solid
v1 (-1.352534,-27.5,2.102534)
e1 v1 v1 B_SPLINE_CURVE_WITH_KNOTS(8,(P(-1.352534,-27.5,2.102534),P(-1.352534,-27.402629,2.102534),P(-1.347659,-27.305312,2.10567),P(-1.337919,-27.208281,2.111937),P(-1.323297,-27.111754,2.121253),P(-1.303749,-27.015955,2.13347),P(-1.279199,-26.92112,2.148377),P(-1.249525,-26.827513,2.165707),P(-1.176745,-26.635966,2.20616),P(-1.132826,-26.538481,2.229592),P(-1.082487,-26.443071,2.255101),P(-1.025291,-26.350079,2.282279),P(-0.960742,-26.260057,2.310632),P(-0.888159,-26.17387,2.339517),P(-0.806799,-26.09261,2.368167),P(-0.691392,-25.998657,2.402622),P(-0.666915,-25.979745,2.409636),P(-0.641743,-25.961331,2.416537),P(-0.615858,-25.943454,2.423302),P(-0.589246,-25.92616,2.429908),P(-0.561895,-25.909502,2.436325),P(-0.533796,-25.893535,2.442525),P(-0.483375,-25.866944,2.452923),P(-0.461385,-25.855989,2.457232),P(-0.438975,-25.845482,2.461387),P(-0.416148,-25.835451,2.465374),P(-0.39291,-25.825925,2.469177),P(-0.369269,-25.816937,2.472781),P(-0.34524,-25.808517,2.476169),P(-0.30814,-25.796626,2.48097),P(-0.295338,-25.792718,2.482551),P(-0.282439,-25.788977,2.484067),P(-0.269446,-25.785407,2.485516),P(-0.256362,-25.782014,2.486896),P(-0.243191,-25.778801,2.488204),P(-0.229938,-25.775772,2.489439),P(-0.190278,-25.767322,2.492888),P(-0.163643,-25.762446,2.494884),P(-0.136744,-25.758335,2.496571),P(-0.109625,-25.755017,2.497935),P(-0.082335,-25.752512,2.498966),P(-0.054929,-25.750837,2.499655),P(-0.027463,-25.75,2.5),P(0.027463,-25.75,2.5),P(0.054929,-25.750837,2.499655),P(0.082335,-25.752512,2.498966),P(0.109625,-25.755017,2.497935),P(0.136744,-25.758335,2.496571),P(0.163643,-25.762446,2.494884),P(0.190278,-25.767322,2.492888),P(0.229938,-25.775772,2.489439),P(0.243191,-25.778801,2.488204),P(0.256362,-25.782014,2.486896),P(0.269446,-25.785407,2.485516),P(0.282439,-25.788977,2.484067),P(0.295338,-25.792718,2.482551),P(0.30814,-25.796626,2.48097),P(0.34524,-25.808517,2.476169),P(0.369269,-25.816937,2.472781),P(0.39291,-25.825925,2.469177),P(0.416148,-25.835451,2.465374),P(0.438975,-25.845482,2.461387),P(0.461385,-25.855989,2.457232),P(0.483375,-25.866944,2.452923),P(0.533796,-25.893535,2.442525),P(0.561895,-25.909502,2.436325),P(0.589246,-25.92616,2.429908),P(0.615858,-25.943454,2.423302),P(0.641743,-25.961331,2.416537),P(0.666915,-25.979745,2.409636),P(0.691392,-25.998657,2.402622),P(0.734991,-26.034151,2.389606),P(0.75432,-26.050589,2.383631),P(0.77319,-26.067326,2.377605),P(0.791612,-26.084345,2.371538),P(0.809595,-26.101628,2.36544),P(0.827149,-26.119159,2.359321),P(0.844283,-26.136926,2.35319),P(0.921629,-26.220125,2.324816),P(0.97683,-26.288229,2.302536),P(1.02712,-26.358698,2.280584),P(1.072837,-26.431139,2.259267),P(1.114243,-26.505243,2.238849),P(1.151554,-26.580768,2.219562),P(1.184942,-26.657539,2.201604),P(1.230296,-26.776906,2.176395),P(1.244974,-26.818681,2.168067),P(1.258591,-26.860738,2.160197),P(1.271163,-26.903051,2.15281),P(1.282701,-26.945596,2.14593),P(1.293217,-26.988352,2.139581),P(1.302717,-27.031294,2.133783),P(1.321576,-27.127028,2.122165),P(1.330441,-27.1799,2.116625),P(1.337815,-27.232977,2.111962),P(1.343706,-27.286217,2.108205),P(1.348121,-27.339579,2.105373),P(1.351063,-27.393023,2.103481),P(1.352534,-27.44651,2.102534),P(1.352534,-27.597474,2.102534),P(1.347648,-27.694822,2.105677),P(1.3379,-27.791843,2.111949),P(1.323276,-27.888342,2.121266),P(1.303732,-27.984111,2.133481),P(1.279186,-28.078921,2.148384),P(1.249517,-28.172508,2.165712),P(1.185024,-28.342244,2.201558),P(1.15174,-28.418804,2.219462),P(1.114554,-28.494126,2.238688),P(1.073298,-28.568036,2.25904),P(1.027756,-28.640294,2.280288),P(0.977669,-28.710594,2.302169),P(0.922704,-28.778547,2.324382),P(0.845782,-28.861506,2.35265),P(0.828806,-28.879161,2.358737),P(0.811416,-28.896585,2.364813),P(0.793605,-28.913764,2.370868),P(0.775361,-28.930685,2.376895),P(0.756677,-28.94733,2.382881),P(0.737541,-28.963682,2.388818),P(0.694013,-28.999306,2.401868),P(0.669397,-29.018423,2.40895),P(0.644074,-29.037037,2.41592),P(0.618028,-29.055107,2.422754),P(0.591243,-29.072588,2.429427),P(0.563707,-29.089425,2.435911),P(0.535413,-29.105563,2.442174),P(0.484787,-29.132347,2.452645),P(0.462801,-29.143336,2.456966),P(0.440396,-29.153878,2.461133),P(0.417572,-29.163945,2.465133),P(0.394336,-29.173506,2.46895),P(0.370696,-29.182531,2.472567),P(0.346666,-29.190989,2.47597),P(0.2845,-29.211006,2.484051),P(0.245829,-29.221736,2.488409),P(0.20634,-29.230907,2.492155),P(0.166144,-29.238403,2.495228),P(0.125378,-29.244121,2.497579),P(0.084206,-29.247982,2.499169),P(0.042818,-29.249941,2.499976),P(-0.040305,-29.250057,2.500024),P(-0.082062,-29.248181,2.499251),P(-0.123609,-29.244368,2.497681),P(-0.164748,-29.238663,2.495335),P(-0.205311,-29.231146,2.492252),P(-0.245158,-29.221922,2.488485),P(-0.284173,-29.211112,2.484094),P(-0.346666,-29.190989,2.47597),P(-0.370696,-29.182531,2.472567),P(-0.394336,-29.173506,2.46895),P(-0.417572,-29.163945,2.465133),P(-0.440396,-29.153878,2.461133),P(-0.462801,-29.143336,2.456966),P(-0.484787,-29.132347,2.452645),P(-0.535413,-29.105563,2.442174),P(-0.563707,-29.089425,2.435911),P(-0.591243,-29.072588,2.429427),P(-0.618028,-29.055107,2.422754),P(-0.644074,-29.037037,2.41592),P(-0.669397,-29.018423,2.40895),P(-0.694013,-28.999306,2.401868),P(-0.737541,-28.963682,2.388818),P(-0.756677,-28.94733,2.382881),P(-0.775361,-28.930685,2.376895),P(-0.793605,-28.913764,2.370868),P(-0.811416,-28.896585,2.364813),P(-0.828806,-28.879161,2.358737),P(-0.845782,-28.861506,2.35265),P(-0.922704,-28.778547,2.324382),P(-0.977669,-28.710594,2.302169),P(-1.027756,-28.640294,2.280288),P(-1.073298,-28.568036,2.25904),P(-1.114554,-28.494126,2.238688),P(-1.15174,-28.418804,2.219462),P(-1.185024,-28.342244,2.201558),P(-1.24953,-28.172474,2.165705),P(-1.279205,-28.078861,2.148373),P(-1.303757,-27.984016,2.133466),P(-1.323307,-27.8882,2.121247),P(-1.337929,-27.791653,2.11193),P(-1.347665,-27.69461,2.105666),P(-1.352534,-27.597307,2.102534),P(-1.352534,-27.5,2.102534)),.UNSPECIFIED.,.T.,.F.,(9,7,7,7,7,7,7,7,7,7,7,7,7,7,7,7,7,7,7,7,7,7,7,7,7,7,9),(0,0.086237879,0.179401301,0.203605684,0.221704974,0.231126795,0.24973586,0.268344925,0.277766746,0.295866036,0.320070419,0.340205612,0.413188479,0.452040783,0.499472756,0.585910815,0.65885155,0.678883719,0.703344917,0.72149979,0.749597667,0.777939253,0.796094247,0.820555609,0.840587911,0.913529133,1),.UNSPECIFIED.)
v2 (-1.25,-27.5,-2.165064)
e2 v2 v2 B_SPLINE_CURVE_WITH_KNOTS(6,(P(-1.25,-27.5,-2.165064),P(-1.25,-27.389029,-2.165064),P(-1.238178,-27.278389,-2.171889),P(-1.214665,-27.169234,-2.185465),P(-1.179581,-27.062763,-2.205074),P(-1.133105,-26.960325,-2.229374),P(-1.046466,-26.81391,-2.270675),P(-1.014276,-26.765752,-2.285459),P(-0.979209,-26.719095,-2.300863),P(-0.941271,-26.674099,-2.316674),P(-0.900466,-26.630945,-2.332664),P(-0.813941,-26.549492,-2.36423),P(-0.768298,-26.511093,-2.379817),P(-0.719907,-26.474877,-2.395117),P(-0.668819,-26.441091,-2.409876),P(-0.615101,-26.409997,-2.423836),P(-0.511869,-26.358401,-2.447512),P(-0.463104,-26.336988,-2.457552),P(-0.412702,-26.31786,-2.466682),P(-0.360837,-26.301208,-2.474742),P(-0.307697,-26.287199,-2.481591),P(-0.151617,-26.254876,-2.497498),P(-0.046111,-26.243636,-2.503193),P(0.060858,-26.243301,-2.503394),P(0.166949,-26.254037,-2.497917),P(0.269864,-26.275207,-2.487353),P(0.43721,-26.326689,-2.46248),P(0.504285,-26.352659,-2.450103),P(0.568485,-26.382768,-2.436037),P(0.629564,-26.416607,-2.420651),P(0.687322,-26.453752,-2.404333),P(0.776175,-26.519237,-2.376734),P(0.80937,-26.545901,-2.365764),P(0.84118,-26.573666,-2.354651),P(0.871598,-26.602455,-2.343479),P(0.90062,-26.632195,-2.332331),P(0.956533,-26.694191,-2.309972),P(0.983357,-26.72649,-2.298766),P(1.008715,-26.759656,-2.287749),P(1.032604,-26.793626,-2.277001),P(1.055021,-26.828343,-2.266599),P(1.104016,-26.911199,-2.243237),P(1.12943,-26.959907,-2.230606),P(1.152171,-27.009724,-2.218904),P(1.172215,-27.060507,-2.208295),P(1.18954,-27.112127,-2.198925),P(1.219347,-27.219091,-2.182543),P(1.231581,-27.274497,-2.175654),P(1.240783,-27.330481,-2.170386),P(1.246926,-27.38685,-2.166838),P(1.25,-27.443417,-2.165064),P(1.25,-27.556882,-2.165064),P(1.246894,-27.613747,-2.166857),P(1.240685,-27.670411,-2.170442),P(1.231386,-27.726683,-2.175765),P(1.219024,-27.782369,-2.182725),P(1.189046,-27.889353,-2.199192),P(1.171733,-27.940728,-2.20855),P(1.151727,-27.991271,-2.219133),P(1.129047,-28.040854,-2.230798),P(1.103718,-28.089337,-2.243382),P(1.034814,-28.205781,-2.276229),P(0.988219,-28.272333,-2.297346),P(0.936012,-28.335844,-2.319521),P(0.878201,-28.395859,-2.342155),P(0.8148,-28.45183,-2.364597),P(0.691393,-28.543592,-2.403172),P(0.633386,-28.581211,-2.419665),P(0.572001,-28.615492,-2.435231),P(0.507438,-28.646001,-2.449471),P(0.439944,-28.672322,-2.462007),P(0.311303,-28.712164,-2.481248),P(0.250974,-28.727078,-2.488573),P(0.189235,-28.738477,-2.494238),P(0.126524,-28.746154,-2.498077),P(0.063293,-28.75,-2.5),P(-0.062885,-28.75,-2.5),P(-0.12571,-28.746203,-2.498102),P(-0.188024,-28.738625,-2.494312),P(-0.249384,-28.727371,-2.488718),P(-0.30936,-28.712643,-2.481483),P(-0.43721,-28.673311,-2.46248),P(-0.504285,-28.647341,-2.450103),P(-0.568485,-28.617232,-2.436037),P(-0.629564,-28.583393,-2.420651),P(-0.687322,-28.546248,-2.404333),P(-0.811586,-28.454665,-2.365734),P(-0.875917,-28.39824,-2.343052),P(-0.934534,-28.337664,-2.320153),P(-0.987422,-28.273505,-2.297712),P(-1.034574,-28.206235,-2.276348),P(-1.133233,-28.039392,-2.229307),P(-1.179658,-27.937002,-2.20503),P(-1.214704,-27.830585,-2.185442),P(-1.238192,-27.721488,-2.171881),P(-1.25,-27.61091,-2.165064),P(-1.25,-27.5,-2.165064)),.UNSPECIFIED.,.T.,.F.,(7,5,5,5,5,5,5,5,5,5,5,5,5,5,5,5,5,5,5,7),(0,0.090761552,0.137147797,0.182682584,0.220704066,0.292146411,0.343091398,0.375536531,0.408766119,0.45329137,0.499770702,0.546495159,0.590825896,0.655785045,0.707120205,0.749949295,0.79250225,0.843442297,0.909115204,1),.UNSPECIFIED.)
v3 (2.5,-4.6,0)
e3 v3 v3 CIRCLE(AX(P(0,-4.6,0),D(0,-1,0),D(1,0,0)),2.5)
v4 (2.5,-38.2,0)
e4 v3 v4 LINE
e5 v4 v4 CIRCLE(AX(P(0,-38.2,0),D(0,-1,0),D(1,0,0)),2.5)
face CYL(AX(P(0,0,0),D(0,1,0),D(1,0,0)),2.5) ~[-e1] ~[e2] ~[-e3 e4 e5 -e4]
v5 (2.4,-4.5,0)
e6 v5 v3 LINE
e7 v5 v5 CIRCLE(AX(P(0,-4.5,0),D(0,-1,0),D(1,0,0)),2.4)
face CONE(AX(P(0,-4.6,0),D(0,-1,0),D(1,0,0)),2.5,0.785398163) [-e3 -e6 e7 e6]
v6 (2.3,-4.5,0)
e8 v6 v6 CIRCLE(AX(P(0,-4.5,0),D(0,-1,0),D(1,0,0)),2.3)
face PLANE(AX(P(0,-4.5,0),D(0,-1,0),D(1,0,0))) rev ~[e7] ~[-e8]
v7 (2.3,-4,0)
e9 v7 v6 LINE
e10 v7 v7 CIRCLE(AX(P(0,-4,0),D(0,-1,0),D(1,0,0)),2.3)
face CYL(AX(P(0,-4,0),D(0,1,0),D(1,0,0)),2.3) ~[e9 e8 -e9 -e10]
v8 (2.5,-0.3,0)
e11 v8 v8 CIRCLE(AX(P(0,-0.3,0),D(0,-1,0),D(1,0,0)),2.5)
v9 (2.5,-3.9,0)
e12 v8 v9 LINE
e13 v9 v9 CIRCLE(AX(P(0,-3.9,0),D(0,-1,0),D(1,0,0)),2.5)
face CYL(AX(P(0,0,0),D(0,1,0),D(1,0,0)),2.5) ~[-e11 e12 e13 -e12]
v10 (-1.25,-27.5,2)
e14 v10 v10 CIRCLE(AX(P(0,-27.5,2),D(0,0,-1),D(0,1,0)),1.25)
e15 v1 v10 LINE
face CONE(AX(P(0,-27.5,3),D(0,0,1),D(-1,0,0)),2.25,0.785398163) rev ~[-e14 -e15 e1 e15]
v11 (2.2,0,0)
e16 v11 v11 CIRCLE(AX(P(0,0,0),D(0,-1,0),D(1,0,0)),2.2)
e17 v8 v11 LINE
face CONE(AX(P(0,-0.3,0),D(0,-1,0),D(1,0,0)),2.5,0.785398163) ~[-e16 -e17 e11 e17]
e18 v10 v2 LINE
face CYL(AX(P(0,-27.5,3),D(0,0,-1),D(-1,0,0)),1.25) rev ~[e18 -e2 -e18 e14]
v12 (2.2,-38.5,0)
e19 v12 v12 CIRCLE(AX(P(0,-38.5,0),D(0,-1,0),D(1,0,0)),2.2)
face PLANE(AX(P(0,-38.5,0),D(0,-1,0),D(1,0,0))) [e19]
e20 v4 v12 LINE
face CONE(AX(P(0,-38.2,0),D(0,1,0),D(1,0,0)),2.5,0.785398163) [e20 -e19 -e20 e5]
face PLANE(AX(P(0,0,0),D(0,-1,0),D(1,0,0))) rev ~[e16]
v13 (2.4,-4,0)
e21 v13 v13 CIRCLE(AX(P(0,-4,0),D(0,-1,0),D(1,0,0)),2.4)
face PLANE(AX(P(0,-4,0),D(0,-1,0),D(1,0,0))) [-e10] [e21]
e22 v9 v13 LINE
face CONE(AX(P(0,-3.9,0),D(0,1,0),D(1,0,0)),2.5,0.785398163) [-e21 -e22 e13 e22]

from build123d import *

# Parameters (mm, degrees)
F0_R           = 2.5
F0_R_2         = 2.3
F1_DEPTH       = 38.5
F2_SIZE        = 0.3
F5_D           = 2.5
F5_CSINK_D     = 4.5
F5_CSINK_ANGLE = 90
F6_START       = 4
F6_DEPTH       = 0.5
F7_SIZE        = 0.1


with BuildPart() as f1:
    # F0 (on Front) → F1 (new body)
    with BuildSketch(Plane.XZ):
        Circle(F0_R)
        Circle(F0_R_2, mode=Mode.SUBTRACT)
        Circle(F0_R_2)
    extrude(amount=F1_DEPTH)

    # F2
    f2_edges = [f1.edges().sort_by_distance(p)[0] for p in [
        (-2.5, -38.5, 0),
        (-2.5, 0, 0),
    ]]
    chamfer(f2_edges, length=F2_SIZE)

    # F5 (through all)
    with Locations(Plane.XY.offset(3)):
        with Locations((0, -27.5)):
            CounterSinkHole(F5_D / 2, F5_CSINK_D / 2, counter_sink_angle=F5_CSINK_ANGLE)

    # F0 (on Front) → F6 (cut)
    with BuildSketch(Plane.XZ.offset(F6_START)):
        Circle(F0_R)
        Circle(F0_R_2, mode=Mode.SUBTRACT)
    extrude(amount=F6_DEPTH, mode=Mode.SUBTRACT)

    # F7
    f7_edges = [f1.edges().sort_by_distance(p)[0] for p in [
        (-2.5, -4, 0),
        (-2.5, -4.5, 0),
    ]]
    chamfer(f7_edges, length=F7_SIZE)


solid = f1.part
